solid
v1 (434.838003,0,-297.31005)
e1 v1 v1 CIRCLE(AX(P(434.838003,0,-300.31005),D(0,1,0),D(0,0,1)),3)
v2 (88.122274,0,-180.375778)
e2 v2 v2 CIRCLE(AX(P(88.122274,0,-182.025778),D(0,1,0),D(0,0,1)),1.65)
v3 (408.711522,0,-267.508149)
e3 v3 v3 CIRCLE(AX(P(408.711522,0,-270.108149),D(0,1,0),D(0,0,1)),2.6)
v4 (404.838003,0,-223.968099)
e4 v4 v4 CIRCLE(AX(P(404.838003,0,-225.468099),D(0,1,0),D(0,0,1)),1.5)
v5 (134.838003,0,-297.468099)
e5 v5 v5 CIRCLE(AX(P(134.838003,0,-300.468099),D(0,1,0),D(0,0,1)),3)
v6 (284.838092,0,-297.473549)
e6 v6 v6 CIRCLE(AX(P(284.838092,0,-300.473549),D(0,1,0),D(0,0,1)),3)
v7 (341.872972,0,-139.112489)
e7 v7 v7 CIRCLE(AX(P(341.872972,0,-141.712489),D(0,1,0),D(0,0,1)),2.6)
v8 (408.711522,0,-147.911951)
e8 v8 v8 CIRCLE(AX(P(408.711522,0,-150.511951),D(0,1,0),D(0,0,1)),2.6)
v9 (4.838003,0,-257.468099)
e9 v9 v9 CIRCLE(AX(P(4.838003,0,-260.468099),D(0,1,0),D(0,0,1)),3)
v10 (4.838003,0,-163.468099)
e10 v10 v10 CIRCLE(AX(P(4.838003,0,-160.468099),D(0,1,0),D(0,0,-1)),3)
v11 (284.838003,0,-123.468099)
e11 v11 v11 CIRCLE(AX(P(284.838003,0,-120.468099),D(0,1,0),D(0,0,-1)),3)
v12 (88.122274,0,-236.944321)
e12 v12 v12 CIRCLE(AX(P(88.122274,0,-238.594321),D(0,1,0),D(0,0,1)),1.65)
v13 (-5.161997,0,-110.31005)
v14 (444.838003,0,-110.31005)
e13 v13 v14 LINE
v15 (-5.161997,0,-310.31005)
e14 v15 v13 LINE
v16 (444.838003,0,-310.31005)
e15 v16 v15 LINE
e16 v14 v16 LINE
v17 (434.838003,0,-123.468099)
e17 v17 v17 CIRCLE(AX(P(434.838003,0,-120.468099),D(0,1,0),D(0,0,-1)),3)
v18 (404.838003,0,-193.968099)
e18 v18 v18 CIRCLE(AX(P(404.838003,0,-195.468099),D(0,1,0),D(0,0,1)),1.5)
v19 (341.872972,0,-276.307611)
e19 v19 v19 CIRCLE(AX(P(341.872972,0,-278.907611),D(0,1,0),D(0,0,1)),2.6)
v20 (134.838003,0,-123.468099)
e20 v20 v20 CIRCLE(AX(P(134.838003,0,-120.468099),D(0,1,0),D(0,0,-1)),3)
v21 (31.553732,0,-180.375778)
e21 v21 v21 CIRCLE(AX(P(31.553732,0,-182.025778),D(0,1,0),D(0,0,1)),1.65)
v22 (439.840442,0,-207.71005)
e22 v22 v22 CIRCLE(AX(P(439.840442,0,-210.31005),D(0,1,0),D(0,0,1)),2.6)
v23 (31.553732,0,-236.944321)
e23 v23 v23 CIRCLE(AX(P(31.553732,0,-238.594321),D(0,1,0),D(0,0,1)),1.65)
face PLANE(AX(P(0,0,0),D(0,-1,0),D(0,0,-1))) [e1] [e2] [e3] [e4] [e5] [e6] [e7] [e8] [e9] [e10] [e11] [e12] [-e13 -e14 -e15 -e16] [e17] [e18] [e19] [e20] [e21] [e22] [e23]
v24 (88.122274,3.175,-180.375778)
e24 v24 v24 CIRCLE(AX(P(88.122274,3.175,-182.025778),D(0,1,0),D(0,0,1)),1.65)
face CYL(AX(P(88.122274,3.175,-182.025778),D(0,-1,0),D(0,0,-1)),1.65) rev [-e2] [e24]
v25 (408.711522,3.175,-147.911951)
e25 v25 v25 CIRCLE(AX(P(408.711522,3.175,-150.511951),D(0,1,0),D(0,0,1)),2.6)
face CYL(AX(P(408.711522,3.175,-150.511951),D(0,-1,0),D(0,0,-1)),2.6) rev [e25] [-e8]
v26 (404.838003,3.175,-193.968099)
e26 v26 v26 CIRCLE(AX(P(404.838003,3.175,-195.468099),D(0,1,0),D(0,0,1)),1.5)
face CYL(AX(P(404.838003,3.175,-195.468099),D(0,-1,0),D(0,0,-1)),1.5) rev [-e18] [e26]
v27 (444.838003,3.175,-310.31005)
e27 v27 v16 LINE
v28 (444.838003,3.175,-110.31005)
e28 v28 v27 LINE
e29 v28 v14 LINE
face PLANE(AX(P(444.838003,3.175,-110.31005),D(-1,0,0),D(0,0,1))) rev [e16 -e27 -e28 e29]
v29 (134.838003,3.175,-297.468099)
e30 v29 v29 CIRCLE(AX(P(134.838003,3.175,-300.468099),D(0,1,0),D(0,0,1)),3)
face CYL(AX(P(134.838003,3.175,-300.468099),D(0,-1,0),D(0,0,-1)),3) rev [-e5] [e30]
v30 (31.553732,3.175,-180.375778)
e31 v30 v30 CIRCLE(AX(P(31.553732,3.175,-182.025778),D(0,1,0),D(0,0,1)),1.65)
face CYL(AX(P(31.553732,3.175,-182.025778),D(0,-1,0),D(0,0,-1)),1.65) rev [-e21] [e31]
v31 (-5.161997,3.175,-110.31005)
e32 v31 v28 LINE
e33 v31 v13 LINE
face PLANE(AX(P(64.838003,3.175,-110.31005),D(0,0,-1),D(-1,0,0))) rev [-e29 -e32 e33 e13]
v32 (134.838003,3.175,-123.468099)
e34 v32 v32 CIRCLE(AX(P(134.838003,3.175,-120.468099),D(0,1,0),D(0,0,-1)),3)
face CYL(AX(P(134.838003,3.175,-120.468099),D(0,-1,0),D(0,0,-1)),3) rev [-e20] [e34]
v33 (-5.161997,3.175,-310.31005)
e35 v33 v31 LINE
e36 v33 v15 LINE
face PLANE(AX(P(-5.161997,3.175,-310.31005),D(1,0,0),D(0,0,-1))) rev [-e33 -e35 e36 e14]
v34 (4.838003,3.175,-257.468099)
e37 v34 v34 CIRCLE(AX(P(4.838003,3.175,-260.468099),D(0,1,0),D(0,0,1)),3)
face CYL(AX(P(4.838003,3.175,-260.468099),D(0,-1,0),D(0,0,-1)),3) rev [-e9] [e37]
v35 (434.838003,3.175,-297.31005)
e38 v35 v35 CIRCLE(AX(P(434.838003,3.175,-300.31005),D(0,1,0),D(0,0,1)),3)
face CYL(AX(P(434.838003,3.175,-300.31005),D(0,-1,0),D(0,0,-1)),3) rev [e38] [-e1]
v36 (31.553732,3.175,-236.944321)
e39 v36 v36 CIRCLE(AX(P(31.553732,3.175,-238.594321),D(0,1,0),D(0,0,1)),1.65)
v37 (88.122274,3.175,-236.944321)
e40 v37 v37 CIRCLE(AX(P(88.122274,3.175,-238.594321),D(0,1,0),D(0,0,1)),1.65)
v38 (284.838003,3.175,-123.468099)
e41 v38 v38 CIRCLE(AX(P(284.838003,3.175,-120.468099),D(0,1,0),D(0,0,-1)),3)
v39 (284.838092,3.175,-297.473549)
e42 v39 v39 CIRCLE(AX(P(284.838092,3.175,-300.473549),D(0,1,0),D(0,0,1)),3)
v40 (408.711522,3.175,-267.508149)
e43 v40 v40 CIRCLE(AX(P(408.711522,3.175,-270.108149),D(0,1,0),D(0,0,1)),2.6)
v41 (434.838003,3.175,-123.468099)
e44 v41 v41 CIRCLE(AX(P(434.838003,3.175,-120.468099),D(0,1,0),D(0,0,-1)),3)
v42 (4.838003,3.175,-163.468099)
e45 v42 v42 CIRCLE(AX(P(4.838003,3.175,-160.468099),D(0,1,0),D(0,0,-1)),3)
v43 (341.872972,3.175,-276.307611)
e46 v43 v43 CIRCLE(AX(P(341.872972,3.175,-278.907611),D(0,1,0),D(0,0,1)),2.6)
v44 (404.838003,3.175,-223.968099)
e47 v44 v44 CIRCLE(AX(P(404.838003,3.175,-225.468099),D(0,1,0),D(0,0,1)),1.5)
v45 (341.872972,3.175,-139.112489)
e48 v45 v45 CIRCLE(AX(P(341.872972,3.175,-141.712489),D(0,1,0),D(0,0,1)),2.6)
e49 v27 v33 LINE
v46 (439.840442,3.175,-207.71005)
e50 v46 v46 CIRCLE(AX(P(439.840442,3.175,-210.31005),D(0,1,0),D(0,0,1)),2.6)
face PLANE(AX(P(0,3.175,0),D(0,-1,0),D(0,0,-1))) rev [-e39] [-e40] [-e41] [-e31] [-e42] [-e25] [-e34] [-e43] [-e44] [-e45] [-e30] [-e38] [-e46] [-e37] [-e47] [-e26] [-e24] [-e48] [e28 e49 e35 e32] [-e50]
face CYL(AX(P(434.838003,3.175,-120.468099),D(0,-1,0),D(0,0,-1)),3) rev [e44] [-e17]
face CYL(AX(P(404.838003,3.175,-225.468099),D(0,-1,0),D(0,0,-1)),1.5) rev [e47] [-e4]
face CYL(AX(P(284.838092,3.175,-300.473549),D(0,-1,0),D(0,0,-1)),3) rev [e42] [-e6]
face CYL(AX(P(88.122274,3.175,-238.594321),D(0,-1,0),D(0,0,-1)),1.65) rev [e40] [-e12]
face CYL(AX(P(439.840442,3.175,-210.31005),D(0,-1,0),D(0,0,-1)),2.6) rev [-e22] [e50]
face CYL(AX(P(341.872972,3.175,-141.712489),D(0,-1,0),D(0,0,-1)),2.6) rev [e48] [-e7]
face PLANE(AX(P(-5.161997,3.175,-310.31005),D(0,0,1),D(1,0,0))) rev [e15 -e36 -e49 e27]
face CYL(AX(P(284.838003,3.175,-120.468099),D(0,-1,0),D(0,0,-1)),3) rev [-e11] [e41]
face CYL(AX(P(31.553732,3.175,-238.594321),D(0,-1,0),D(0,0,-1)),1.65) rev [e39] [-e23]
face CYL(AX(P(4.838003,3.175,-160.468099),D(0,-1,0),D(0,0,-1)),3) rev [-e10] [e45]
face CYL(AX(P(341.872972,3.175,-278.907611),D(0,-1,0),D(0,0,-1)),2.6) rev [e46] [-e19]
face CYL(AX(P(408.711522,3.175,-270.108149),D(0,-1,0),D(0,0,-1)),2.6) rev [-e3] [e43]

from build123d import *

# Parameters (mm, degrees)
SKETCH1_R           = 1.5
SKETCH1_R_2         = 3
SKETCH1_R_3         = 2.6
SKETCH1_R_4         = 1.65
BOSS_EXTRUDE1_DEPTH = 3.175


with BuildPart() as part:
    # Sketch1 → Boss-Extrude1 (new body)
    with BuildSketch(Plane(origin=(0, 0, 0), x_dir=(1, 0, 0), z_dir=(0, 1, 0))):
        Polygon((64.838003204, 110.310049741), (444.838003204, 110.310049741), (444.838003204, 310.310049741), (69.838003204, 310.310049741), (-5.161996796, 310.310049741), (-5.161996796, 110.310049741), align=None)
        with Locations(Location((404.838003204, 225.468098835, 0), (0, 0, 270))):
            Circle(SKETCH1_R, mode=Mode.SUBTRACT)
        with Locations(Location((404.838003204, 195.468098835, 0), (0, 0, 270))):
            Circle(SKETCH1_R, mode=Mode.SUBTRACT)
        with Locations(Location((4.838003204, 260.468098835, 0), (0, 0, 270))):
            Circle(SKETCH1_R_2, mode=Mode.SUBTRACT)
        with Locations(Location((434.838003204, 300.310049741, 0), (0, 0, 270))):
            Circle(SKETCH1_R_2, mode=Mode.SUBTRACT)
        with Locations(Location((134.838003204, 300.468098835, 0), (0, 0, 270))):
            Circle(SKETCH1_R_2, mode=Mode.SUBTRACT)
        with Locations(Location((284.83809231, 300.473548709, 0), (0, 0, 270))):
            Circle(SKETCH1_R_2, mode=Mode.SUBTRACT)
        with Locations(Location((434.838003204, 120.468098835, 0), (0, 0, 90))):
            Circle(SKETCH1_R_2, mode=Mode.SUBTRACT)
        with Locations(Location((284.838003204, 120.468098835, 0), (0, 0, 90))):
            Circle(SKETCH1_R_2, mode=Mode.SUBTRACT)
        with Locations(Location((134.838003204, 120.468098835, 0), (0, 0, 90))):
            Circle(SKETCH1_R_2, mode=Mode.SUBTRACT)
        with Locations(Location((4.838003204, 160.468098835, 0), (0, 0, 90))):
            Circle(SKETCH1_R_2, mode=Mode.SUBTRACT)
        with Locations(Location((439.840442188, 210.310049741, 0), (0, 0, 270))):
            Circle(SKETCH1_R_3, mode=Mode.SUBTRACT)
        with Locations(Location((408.71152183, 150.511950619, 0), (0, 0, 270))):
            Circle(SKETCH1_R_3, mode=Mode.SUBTRACT)
        with Locations(Location((341.872971694, 141.712488661, 0), (0, 0, 270))):
            Circle(SKETCH1_R_3, mode=Mode.SUBTRACT)
        with Locations(Location((408.711522042, 270.108148975, 0), (0, 0, 270))):
            Circle(SKETCH1_R_3, mode=Mode.SUBTRACT)
        with Locations(Location((341.872971726, 278.907611059, 0), (0, 0, 270))):
            Circle(SKETCH1_R_3, mode=Mode.SUBTRACT)
        with Locations(Location((31.553731956, 238.594320989, 0), (0, 0, 270))):
            Circle(SKETCH1_R_4, mode=Mode.SUBTRACT)
        with Locations(Location((88.122274451, 238.594320989, 0), (0, 0, 270))):
            Circle(SKETCH1_R_4, mode=Mode.SUBTRACT)
        with Locations(Location((88.122274451, 182.025778494, 0), (0, 0, 270))):
            Circle(SKETCH1_R_4, mode=Mode.SUBTRACT)
        with Locations(Location((31.553731956, 182.025778494, 0), (0, 0, 270))):
            Circle(SKETCH1_R_4, mode=Mode.SUBTRACT)
    extrude(amount=BOSS_EXTRUDE1_DEPTH)


solid = part.part
